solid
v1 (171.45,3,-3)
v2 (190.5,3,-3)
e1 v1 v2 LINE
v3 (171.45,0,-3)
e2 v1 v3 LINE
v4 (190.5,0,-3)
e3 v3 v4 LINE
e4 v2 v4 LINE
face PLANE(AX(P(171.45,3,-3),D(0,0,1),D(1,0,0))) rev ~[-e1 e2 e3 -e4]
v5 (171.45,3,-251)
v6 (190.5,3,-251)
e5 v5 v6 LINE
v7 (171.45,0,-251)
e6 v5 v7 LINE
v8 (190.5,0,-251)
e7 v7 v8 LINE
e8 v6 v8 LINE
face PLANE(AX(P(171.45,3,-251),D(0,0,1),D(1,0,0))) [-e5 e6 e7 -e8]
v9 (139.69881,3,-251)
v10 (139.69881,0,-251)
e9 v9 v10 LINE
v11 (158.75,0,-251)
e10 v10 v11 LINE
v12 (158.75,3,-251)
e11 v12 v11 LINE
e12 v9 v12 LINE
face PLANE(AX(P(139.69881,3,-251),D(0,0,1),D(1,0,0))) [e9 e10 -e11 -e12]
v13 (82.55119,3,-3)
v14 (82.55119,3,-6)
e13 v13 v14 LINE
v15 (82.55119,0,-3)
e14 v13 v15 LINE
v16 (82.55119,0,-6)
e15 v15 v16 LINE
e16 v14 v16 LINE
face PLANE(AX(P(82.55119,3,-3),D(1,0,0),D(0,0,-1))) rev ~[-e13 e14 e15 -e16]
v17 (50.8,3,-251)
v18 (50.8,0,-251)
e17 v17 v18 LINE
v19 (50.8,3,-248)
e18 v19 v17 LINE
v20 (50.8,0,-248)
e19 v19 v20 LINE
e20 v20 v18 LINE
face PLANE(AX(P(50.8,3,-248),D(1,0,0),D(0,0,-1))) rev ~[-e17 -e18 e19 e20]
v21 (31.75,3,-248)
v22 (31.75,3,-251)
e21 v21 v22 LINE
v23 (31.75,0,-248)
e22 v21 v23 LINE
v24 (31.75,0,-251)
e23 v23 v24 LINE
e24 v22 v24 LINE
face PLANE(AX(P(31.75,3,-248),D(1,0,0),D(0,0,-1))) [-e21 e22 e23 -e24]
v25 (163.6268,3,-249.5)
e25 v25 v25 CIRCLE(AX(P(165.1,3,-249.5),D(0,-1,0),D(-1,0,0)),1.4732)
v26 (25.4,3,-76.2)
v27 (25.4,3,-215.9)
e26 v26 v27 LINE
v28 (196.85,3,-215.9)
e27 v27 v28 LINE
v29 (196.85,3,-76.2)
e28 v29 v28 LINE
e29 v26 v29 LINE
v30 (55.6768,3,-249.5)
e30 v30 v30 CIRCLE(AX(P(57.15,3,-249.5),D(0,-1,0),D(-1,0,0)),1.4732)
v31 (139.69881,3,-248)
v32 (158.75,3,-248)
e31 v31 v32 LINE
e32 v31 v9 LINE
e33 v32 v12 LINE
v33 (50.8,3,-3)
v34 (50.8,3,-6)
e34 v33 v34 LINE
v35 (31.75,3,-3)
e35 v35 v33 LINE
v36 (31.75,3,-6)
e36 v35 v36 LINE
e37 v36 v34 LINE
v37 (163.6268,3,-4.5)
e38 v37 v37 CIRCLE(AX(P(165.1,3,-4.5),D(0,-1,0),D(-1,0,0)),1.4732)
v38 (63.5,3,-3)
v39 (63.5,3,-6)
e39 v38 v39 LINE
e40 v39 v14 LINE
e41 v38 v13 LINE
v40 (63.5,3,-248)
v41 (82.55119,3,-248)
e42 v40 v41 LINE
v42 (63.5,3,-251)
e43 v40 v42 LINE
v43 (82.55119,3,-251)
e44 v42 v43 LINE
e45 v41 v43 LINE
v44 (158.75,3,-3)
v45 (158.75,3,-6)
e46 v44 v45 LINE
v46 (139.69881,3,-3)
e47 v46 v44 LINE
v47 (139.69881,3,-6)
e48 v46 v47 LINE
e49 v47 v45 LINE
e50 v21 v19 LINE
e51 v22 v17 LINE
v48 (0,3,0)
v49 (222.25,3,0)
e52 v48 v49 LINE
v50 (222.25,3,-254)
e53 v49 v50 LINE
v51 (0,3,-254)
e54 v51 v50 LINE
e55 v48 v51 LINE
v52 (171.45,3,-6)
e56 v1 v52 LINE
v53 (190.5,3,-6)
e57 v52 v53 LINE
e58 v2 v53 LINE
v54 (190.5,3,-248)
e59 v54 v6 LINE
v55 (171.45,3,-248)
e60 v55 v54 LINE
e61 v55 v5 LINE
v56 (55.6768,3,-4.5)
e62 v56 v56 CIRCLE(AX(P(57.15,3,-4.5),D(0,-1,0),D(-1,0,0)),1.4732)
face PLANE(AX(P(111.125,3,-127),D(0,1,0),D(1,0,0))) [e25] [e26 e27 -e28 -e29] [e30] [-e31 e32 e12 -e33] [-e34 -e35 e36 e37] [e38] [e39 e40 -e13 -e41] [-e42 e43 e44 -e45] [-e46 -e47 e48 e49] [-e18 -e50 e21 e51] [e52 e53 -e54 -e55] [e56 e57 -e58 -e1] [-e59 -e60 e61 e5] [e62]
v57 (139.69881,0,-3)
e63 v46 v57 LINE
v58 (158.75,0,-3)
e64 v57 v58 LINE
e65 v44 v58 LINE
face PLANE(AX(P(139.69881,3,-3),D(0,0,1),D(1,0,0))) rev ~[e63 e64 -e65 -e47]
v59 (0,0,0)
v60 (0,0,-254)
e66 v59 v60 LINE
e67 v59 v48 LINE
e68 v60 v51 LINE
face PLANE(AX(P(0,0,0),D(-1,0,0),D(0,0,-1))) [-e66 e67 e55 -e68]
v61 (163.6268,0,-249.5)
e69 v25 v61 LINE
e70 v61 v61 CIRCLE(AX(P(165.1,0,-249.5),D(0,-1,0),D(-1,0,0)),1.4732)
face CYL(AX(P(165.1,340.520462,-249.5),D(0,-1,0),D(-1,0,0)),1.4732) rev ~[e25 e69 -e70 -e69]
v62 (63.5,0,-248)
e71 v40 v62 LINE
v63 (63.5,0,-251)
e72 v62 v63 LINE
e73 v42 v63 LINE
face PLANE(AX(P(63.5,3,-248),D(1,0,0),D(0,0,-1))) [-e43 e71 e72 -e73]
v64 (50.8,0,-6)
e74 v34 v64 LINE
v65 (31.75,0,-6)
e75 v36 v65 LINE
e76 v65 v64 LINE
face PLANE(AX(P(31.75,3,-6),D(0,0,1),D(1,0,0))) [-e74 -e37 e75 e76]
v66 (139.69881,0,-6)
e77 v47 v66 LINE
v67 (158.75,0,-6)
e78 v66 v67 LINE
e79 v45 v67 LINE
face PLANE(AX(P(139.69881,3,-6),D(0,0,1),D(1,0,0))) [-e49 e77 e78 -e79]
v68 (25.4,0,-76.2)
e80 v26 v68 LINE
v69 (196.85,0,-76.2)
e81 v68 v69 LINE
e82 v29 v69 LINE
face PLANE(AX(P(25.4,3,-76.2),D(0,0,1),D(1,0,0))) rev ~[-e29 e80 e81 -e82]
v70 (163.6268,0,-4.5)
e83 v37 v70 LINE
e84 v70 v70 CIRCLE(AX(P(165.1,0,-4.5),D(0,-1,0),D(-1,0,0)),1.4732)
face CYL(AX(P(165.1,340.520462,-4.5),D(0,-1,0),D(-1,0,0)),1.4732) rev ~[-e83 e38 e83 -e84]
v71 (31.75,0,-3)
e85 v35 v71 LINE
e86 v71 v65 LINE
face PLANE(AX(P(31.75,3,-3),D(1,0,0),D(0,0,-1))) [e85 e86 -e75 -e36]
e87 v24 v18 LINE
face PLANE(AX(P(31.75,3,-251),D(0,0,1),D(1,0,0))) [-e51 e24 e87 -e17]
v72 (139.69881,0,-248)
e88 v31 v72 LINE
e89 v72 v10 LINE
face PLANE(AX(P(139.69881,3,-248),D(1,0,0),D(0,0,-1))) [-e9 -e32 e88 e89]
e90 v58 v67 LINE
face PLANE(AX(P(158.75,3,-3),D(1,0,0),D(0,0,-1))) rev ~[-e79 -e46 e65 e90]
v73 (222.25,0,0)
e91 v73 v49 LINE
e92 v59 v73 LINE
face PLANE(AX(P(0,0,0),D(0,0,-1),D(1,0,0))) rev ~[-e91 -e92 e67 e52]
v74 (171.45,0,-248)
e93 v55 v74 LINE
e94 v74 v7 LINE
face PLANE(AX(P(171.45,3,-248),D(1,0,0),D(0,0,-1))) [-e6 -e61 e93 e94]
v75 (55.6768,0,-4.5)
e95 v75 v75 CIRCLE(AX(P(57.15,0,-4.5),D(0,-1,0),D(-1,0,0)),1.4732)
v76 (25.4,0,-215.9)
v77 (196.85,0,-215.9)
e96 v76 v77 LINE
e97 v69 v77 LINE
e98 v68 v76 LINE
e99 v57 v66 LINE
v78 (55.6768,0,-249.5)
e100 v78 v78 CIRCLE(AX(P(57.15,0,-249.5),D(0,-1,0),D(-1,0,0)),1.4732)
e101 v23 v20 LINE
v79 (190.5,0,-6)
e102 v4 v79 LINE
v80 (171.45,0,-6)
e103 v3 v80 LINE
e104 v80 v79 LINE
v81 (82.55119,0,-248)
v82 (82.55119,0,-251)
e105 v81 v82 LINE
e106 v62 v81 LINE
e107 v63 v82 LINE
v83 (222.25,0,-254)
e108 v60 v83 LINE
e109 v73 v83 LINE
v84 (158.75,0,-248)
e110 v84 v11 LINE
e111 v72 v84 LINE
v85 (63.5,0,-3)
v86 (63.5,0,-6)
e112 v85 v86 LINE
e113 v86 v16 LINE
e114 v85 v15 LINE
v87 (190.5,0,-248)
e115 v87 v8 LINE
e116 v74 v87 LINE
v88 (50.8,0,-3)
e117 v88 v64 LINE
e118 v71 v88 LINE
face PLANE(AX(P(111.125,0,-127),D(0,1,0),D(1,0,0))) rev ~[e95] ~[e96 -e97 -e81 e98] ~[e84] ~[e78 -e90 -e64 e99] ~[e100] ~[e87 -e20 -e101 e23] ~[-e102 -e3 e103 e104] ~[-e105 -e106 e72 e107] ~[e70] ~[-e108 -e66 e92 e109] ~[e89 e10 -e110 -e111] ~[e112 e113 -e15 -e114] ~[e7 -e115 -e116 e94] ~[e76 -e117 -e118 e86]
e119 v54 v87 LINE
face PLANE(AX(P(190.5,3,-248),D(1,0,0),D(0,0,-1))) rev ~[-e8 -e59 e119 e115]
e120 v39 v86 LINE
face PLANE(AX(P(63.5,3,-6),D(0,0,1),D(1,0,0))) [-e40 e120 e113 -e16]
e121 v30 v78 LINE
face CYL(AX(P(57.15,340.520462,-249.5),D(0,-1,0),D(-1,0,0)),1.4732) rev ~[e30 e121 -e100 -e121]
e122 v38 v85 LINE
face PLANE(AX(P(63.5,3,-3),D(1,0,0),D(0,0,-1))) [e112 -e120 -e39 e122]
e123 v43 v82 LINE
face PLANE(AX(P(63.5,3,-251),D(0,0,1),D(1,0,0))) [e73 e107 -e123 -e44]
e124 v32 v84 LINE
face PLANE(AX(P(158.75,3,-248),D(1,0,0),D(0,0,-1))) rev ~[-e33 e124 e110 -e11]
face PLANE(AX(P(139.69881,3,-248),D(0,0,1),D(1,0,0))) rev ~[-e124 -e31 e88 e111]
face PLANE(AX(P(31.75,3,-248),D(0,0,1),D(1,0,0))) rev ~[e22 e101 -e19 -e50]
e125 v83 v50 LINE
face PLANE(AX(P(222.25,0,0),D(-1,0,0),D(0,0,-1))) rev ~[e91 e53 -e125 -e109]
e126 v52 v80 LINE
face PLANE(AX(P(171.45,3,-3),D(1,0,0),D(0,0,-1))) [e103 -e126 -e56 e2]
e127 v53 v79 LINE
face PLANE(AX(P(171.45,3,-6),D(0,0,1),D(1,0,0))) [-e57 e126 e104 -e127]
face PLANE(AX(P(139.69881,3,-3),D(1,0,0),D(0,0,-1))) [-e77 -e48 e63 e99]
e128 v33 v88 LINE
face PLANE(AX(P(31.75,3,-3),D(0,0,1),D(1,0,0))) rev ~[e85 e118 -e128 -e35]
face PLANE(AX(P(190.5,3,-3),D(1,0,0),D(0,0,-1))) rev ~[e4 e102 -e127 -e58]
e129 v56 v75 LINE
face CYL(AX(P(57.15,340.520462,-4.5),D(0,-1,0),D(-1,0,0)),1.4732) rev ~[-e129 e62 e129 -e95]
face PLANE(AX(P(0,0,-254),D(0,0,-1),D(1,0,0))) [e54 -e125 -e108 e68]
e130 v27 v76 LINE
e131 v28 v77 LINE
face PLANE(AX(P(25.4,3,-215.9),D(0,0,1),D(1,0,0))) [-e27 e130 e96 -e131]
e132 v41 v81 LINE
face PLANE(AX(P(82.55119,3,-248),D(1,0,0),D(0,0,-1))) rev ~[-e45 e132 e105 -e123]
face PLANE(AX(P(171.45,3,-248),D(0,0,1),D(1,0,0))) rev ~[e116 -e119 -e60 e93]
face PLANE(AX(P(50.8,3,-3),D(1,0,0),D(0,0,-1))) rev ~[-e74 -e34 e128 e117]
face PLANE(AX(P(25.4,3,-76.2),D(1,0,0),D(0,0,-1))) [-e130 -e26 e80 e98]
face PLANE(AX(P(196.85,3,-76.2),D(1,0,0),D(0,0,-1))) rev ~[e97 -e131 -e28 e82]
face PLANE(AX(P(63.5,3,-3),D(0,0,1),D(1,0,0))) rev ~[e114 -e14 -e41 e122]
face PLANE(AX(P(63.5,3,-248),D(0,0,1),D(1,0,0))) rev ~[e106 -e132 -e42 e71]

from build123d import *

# Parameters (mm, degrees)
SKETCH2_W             = 222.25
SKETCH2_H             = 254
BOSS_EXTRUDE1_DEPTH   = 3
SKETCH5_W             = 19.05
SKETCH5_H             = 3
SKETCH5_W_2           = 19.051189761
CUT_EXTRUDE1_DEPTH    = 4
F_4_CLEARANCE_HOLE2_D = 2.9464
SKETCH8_W             = 171.45
SKETCH8_H             = 139.7
CUT_EXTRUDE2_DEPTH    = 4


with BuildPart() as part:
    # Sketch2 → Boss-Extrude1 (new body)
    with BuildSketch(Plane(origin=(0, 0, 0), x_dir=(1, 0, 0), z_dir=(0, 1, 0))):
        with Locations((111.125, 127)):
            Rectangle(SKETCH2_W, SKETCH2_H)
    extrude(amount=BOSS_EXTRUDE1_DEPTH)

    # Sketch5 → Cut-Extrude1 (cut, through all)
    with BuildSketch(Plane(origin=(0, 3, 0), x_dir=(1, 0, 0), z_dir=(0, 1, 0))):
        with Locations((41.275, 249.5)):
            Rectangle(SKETCH5_W, SKETCH5_H)
        with Locations((73.025594881, 249.5)):
            Rectangle(SKETCH5_W_2, SKETCH5_H)
        with Locations((149.22440512, 249.5)):
            Rectangle(SKETCH5_W_2, SKETCH5_H)
        with Locations((180.975, 249.5)):
            Rectangle(SKETCH5_W, SKETCH5_H)
        with Locations((41.275, 4.5)):
            Rectangle(SKETCH5_W, SKETCH5_H)
        with Locations((73.025594881, 4.5)):
            Rectangle(SKETCH5_W_2, SKETCH5_H)
        with Locations((180.975, 4.5)):
            Rectangle(SKETCH5_W, SKETCH5_H)
        with Locations((149.22440512, 4.5)):
            Rectangle(SKETCH5_W_2, SKETCH5_H)
    extrude(amount=-CUT_EXTRUDE1_DEPTH, mode=Mode.SUBTRACT)

    # #4 Clearance Hole2 (through all)
    with Locations(Plane(origin=(0, 3, 0), x_dir=(1, 0, 0), z_dir=(0, 1, 0))):
        with Locations((57.15, 249.5), (165.1, 249.5), (165.1, 4.5), (57.15, 4.5)):
            Hole(F_4_CLEARANCE_HOLE2_D / 2)

    # Sketch8 → Cut-Extrude2 (cut, through all)
    with BuildSketch(Plane(origin=(0, 3, 0), x_dir=(1, 0, 0), z_dir=(0, 1, 0))):
        with Locations((111.125, 146.05)):
            Rectangle(SKETCH8_W, SKETCH8_H)
    extrude(amount=-CUT_EXTRUDE2_DEPTH, mode=Mode.SUBTRACT)


solid = part.part
